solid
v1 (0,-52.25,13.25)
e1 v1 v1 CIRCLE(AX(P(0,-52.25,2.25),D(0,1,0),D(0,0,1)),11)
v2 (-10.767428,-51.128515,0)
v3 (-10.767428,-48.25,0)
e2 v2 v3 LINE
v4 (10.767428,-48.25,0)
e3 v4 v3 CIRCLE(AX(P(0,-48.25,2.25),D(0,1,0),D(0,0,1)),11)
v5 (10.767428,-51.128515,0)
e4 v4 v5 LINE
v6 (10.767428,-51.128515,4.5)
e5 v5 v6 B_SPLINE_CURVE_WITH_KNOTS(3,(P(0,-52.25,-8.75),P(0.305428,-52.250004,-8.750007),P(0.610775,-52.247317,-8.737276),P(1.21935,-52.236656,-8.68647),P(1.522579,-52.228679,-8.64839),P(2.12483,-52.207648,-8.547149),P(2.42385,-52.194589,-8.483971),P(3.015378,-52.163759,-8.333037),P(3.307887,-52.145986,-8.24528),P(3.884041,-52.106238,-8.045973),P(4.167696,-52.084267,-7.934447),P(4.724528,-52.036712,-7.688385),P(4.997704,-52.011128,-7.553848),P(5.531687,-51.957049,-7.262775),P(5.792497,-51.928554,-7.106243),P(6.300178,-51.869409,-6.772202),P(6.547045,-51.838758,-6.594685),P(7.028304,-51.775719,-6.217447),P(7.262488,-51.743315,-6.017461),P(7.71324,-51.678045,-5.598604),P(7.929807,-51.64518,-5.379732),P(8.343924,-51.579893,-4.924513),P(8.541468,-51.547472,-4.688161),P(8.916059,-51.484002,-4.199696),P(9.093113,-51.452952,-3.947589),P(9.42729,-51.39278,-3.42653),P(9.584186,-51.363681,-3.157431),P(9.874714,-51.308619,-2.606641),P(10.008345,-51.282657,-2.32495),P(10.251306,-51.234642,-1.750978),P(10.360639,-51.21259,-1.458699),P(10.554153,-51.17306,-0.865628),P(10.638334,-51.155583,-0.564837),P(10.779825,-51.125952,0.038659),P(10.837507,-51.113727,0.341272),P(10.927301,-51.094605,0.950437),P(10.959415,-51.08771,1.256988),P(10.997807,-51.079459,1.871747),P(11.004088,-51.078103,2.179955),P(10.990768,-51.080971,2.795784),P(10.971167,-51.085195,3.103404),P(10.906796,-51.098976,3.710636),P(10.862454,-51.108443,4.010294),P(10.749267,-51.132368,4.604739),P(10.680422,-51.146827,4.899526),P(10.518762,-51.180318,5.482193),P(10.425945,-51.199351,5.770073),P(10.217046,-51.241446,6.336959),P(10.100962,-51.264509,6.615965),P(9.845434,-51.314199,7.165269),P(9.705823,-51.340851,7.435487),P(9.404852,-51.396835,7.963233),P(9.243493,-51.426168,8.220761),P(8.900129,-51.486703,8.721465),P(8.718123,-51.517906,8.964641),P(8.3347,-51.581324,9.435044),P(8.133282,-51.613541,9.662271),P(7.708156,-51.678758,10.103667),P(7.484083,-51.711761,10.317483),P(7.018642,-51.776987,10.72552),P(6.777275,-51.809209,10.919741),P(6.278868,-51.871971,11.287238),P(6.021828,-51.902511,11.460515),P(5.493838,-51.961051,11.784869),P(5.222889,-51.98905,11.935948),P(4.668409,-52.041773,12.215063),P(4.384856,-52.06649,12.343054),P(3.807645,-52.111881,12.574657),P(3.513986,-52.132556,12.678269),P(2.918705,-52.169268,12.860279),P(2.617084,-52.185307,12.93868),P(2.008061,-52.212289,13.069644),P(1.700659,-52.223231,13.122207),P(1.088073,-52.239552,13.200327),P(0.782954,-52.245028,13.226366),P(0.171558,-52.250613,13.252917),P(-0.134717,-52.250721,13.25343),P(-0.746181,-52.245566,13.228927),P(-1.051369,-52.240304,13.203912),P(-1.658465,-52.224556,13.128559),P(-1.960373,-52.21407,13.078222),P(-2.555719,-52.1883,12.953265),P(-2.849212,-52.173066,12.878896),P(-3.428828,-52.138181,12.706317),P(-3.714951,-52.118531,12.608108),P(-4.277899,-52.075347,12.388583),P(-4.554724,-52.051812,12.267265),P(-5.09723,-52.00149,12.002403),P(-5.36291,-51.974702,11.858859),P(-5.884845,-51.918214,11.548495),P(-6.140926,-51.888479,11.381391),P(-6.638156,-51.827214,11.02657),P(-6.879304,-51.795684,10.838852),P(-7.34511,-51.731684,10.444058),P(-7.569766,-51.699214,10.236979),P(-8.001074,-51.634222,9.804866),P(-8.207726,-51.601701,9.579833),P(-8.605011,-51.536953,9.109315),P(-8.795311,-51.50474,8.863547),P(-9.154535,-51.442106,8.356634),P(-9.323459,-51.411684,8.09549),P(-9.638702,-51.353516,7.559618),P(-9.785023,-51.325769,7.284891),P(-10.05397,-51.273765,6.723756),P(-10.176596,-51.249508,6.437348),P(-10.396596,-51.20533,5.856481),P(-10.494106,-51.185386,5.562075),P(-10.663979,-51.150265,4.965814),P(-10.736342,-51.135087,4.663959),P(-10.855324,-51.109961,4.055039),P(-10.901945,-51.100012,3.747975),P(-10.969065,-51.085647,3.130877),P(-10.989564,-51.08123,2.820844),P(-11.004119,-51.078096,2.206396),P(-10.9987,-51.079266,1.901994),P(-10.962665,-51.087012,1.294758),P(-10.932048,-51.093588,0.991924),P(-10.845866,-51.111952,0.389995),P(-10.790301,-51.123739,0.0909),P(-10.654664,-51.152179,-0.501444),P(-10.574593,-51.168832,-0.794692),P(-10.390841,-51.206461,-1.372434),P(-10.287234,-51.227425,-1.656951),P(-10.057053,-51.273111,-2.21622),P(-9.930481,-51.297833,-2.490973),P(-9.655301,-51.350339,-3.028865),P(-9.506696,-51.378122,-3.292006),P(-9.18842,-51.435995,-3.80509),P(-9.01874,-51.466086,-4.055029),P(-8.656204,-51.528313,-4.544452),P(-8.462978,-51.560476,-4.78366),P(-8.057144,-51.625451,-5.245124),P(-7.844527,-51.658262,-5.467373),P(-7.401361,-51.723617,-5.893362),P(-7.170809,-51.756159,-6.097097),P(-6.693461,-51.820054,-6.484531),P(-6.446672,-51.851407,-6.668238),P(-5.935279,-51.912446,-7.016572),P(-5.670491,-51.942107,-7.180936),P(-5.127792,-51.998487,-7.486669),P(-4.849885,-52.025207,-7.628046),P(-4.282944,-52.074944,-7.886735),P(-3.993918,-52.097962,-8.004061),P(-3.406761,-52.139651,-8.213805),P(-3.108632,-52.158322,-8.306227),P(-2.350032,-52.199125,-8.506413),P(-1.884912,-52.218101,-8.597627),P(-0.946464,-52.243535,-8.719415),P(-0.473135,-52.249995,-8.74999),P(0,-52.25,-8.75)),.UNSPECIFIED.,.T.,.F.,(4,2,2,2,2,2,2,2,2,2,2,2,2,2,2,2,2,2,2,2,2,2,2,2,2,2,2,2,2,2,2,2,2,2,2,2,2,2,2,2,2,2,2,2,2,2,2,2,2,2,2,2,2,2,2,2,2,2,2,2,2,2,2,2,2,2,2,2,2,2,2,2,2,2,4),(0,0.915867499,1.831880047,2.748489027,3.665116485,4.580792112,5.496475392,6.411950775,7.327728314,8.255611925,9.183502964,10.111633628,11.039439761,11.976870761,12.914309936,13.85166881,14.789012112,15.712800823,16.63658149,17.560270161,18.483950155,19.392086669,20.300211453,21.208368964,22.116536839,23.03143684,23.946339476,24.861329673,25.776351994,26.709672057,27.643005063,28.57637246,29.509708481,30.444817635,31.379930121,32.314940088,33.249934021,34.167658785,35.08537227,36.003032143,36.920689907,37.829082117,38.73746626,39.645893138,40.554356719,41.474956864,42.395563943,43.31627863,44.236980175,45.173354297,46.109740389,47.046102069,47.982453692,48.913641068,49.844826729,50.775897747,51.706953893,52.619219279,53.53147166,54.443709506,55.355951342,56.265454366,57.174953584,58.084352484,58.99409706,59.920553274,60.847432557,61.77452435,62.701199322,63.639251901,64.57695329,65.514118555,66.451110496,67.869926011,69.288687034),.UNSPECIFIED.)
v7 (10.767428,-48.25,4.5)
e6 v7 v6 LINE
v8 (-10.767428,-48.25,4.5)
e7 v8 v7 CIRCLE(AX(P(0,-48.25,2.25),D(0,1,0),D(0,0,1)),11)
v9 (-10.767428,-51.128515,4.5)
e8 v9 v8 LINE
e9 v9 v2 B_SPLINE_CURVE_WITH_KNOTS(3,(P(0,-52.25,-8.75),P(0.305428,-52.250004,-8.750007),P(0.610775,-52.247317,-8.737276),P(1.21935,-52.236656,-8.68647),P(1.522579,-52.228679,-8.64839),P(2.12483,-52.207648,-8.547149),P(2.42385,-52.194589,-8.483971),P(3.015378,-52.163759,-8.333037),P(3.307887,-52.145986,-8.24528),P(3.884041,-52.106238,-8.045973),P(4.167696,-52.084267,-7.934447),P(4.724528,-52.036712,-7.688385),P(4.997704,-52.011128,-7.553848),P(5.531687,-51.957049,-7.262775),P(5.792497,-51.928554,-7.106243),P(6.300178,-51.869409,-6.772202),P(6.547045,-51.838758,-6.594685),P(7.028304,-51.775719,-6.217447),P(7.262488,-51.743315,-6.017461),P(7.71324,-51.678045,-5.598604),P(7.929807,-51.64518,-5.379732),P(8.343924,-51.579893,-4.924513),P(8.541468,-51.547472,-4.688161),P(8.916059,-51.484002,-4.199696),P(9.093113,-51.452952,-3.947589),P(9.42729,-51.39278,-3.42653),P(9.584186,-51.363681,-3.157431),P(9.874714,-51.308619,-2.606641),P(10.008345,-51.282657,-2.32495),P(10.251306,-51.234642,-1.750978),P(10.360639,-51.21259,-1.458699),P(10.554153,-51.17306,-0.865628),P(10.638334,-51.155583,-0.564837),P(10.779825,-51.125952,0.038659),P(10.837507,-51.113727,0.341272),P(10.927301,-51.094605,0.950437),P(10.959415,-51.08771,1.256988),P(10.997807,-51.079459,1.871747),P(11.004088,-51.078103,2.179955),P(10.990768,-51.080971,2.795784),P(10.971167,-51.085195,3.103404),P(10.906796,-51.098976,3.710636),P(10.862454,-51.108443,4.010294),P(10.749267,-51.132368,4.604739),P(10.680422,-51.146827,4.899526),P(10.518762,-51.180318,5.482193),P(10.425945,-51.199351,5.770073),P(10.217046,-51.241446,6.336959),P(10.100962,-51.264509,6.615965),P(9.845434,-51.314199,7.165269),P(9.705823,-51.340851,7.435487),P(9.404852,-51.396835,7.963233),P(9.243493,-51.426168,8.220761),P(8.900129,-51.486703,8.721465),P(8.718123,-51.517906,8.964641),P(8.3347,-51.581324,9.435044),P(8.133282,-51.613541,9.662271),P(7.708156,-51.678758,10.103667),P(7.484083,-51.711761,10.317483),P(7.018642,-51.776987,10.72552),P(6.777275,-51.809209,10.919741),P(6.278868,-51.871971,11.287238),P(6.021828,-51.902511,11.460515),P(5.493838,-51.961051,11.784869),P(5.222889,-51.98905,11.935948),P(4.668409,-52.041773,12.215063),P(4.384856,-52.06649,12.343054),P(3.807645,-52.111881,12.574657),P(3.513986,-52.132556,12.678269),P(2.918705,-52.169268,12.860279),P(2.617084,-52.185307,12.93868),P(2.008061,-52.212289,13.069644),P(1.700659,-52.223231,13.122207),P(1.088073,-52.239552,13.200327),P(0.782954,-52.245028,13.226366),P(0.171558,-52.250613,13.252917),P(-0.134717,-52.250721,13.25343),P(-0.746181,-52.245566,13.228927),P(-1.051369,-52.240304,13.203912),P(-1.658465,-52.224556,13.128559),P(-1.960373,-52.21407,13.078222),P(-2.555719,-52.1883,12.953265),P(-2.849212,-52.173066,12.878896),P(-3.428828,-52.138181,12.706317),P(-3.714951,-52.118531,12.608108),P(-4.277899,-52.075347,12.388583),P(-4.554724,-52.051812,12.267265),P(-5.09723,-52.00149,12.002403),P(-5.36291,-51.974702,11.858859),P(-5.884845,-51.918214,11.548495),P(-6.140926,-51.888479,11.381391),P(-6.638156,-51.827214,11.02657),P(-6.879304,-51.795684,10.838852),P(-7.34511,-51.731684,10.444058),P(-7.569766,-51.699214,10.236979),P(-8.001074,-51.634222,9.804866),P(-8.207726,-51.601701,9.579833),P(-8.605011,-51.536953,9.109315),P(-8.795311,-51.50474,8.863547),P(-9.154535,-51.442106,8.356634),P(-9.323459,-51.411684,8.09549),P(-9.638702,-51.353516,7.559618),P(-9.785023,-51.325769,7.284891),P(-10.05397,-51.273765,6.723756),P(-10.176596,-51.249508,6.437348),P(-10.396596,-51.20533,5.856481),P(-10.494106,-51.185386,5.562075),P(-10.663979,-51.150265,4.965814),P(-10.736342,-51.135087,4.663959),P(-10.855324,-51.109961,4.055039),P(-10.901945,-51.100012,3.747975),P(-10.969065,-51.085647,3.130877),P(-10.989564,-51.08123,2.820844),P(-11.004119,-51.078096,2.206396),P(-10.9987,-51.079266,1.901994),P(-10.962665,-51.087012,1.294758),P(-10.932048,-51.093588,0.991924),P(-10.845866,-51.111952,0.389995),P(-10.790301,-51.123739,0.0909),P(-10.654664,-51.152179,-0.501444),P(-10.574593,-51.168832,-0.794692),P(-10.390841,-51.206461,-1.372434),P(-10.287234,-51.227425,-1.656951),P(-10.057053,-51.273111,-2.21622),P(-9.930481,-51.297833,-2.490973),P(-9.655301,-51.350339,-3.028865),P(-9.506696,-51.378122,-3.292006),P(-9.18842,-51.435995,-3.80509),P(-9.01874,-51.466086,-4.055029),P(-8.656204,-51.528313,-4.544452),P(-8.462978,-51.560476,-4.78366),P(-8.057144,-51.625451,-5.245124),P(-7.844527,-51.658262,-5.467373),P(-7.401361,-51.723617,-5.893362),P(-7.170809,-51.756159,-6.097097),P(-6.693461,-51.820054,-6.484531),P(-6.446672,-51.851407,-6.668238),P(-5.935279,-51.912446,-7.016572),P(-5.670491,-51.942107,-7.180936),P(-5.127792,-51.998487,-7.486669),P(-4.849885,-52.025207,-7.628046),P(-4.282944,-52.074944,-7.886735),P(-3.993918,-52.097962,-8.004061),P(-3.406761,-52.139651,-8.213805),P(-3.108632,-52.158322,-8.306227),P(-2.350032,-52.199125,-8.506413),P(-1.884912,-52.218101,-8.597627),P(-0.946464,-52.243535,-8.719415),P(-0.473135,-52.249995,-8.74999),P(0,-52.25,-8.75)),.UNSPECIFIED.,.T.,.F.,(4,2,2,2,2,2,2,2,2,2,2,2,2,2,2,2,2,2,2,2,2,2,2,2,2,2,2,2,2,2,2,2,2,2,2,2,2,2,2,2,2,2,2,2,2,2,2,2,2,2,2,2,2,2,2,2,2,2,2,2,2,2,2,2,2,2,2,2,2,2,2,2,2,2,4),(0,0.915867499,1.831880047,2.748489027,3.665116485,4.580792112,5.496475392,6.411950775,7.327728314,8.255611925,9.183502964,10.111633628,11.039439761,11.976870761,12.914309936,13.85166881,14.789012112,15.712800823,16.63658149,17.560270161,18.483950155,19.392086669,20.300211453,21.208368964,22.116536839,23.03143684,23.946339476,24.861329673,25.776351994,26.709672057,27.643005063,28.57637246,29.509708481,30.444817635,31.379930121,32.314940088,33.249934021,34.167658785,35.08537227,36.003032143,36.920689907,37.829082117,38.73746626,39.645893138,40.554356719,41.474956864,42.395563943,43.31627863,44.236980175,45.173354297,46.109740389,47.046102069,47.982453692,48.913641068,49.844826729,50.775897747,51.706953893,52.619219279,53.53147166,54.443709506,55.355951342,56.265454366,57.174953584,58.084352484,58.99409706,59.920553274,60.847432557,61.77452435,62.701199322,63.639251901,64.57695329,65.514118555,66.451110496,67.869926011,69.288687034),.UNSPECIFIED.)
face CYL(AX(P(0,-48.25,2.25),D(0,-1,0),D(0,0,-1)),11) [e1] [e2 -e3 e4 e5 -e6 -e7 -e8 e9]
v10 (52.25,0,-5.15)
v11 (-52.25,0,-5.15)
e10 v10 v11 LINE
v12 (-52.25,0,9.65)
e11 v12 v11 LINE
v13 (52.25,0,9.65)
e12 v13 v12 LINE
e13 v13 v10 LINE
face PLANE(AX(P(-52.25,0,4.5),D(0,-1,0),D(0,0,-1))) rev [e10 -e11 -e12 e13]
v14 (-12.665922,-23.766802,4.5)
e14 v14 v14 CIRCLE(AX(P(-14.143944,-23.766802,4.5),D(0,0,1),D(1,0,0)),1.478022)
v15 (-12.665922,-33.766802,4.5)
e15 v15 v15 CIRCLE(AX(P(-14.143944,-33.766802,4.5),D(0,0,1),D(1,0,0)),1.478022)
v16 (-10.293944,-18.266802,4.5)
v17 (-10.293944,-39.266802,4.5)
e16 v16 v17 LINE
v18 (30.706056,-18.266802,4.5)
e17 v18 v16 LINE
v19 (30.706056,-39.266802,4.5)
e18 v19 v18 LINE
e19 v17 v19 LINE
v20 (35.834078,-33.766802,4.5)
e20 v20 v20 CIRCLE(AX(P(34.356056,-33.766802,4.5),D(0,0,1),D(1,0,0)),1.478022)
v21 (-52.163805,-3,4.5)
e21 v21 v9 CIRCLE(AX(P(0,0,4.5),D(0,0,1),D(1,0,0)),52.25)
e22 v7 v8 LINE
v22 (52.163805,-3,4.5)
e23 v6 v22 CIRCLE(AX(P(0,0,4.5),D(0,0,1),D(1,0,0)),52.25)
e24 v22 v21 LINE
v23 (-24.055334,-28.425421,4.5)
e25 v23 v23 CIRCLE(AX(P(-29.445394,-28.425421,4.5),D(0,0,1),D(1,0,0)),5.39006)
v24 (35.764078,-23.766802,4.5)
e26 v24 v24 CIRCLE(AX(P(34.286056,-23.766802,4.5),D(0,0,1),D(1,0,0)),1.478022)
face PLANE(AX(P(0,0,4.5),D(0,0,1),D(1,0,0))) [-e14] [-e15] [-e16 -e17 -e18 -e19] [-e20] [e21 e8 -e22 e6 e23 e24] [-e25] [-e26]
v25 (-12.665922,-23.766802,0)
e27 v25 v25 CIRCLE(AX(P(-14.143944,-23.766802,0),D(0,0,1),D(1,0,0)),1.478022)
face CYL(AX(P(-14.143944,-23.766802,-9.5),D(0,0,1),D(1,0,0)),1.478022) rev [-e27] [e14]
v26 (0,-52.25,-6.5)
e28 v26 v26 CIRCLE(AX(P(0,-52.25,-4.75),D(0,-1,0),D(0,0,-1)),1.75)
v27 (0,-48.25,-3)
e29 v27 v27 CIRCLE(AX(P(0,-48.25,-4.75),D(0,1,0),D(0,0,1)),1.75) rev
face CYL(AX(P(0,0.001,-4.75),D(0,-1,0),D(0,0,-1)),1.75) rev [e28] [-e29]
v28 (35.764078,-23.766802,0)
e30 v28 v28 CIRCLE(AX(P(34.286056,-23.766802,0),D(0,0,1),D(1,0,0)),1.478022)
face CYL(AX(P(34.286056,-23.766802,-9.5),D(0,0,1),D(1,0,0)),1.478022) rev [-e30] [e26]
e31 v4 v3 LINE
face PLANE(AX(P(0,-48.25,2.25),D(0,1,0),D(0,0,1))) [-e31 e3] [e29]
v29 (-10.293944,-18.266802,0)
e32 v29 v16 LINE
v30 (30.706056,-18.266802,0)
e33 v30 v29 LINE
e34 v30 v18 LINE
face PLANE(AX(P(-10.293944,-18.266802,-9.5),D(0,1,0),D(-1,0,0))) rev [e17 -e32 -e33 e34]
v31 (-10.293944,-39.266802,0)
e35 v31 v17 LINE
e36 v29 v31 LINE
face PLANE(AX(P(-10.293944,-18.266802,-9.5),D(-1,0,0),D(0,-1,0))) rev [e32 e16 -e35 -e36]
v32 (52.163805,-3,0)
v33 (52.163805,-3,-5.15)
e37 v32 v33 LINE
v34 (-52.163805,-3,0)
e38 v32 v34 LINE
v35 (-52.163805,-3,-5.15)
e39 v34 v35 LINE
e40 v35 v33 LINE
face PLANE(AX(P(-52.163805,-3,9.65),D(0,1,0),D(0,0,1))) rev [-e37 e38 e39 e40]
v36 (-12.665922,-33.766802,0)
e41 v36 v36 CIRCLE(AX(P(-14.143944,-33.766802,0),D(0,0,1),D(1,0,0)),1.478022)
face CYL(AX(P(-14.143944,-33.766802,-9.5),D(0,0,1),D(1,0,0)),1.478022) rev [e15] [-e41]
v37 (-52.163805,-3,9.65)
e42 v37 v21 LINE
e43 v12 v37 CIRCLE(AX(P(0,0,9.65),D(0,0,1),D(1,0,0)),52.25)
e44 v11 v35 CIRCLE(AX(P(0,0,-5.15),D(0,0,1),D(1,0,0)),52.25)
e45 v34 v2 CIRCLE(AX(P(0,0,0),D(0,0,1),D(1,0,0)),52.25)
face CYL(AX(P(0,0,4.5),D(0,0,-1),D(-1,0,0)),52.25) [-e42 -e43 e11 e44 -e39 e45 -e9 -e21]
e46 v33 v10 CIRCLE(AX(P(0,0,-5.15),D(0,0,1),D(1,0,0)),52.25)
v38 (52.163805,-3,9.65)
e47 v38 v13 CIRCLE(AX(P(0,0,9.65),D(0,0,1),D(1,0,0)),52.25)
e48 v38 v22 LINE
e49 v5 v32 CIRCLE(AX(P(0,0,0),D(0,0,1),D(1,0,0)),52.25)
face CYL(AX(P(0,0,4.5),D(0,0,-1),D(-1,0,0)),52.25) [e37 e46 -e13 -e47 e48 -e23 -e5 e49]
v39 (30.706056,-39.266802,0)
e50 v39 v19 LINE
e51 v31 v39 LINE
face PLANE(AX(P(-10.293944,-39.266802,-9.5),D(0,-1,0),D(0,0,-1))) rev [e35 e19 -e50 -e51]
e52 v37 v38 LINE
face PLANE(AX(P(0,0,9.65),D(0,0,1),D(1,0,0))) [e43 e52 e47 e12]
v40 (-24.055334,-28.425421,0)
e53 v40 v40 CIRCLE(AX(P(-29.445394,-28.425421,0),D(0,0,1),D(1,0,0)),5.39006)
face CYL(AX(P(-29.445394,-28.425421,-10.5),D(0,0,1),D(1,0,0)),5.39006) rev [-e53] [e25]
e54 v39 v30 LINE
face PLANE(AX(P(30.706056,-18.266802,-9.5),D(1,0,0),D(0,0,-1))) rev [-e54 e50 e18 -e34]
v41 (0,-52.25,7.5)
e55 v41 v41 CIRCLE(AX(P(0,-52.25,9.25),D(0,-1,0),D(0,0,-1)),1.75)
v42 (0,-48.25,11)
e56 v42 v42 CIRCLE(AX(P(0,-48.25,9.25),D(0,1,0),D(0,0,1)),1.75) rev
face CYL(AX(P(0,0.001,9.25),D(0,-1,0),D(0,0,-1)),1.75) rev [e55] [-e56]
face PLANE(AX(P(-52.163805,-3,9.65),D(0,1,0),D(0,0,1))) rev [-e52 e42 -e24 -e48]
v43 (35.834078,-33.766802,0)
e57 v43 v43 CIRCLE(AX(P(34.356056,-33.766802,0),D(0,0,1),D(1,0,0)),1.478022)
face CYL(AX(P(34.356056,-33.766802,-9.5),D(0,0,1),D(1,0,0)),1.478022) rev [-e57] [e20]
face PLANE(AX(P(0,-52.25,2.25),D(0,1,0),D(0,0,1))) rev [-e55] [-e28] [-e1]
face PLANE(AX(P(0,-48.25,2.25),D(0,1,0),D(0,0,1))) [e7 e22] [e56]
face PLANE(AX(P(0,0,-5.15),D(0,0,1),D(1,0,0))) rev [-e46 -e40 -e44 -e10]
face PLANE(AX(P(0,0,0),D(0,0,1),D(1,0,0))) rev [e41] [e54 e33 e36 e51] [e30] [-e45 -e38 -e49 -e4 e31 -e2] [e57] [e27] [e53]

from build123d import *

# Parameters (mm, degrees)
EXTRUDE_1_DEPTH     = 4.5
EXTRUDE_2_DEPTH     = 7.4
SKETCH_3_R          = 11
EXTRUDE_3_DEPTH     = 4
CUT_EXTRUDE_2_REACH = 77.071
SKETCH_7_R          = 1.75
SKETCH_10_R         = 1.478021834
SKETCH_10_W         = 41
SKETCH_10_H         = 21
CUT_EXTRUDE_3_DEPTH = 14
SKETCH_12_R         = 5.390059672
CUT_EXTRUDE_4_DEPTH = 15


with BuildPart() as part:
    # 草图1 → 凸台-拉伸1 (new body)
    with BuildSketch(Plane.XY):
        with BuildLine():
            Line((-52.25, 0), (52.25, 0))
            ThreePointArc((52.25, 0), (0, -52.25), (-52.25, 0))
        make_face()
    extrude(amount=EXTRUDE_1_DEPTH)

    # 草图2 → 凸台-拉伸2 (add, symmetric)
    with BuildSketch(Plane.XY.offset(2.25)):
        with BuildLine():
            Line((-52.25, 0), (52.25, 0))
            ThreePointArc((52.25, 0), (52.22844668, -1.500619011), (52.163804501, -3))
            Line((52.163804501, -3), (-52.163804501, -3))
            ThreePointArc((-52.163804501, -3), (-52.22844668, -1.500619011), (-52.25, 0))
        make_face()
    extrude(amount=EXTRUDE_2_DEPTH, both=True)

    # 草图3 → 凸台-拉伸3 (add)
    with BuildSketch(Plane(origin=(0, -52.25, 0), x_dir=(1, 0, 0), z_dir=(0, 1, 0))):
        with Locations(Location((0, -2.25, 0), (0, 0, 168.19710831))):
            Circle(SKETCH_3_R)
    extrude(amount=EXTRUDE_3_DEPTH)

    # 草图7 → 切除-拉伸2 (cut, up to next)
    with BuildSketch(Plane.XZ.offset(52.25), mode=Mode.PRIVATE) as cut_extrude_2_sk1:
        with Locations(Location((0, 9.25, 0), (0, 0, 270))):
            Circle(SKETCH_7_R)
    cut_extrude_2_tool1 = extrude(cut_extrude_2_sk1.sketch, amount=-CUT_EXTRUDE_2_REACH, mode=Mode.PRIVATE) & part.part
    # 草图7 → 切除-拉伸2 (cut, up to next)
    with BuildSketch(Plane.XZ.offset(52.25), mode=Mode.PRIVATE) as cut_extrude_2_sk2:
        with Locations(Location((0, -4.75, 0), (0, 0, 270))):
            Circle(SKETCH_7_R)
    cut_extrude_2_tool2 = extrude(cut_extrude_2_sk2.sketch, amount=-CUT_EXTRUDE_2_REACH, mode=Mode.PRIVATE) & part.part
    add(cut_extrude_2_tool1.solids().sort_by_distance((0, -52.25, 9.25))[0], mode=Mode.SUBTRACT)
    add(cut_extrude_2_tool2.solids().sort_by_distance((0, -52.25, -4.75))[0], mode=Mode.SUBTRACT)

    # 草图10 → 切除-拉伸3 (cut)
    with BuildSketch(Plane.XY.offset(4.5)):
        with Locations((-14.143943937, -23.76680221)):
            Circle(SKETCH_10_R)
        with Locations((34.286056063, -23.76680221)):
            Circle(SKETCH_10_R)
        with Locations((-14.143943937, -33.76680221)):
            Circle(SKETCH_10_R)
        with Locations((34.356056063, -33.76680221)):
            Circle(SKETCH_10_R)
        with Locations((10.206056063, -28.76680221)):
            Rectangle(SKETCH_10_W, SKETCH_10_H)
    extrude(amount=-CUT_EXTRUDE_3_DEPTH, mode=Mode.SUBTRACT)

    # 草图12 → 切除-拉伸4 (cut)
    with BuildSketch(Plane.XY.offset(4.5)):
        with Locations((-29.445394051, -28.42542141)):
            Circle(SKETCH_12_R)
    extrude(amount=-CUT_EXTRUDE_4_DEPTH, mode=Mode.SUBTRACT)


solid = part.part
